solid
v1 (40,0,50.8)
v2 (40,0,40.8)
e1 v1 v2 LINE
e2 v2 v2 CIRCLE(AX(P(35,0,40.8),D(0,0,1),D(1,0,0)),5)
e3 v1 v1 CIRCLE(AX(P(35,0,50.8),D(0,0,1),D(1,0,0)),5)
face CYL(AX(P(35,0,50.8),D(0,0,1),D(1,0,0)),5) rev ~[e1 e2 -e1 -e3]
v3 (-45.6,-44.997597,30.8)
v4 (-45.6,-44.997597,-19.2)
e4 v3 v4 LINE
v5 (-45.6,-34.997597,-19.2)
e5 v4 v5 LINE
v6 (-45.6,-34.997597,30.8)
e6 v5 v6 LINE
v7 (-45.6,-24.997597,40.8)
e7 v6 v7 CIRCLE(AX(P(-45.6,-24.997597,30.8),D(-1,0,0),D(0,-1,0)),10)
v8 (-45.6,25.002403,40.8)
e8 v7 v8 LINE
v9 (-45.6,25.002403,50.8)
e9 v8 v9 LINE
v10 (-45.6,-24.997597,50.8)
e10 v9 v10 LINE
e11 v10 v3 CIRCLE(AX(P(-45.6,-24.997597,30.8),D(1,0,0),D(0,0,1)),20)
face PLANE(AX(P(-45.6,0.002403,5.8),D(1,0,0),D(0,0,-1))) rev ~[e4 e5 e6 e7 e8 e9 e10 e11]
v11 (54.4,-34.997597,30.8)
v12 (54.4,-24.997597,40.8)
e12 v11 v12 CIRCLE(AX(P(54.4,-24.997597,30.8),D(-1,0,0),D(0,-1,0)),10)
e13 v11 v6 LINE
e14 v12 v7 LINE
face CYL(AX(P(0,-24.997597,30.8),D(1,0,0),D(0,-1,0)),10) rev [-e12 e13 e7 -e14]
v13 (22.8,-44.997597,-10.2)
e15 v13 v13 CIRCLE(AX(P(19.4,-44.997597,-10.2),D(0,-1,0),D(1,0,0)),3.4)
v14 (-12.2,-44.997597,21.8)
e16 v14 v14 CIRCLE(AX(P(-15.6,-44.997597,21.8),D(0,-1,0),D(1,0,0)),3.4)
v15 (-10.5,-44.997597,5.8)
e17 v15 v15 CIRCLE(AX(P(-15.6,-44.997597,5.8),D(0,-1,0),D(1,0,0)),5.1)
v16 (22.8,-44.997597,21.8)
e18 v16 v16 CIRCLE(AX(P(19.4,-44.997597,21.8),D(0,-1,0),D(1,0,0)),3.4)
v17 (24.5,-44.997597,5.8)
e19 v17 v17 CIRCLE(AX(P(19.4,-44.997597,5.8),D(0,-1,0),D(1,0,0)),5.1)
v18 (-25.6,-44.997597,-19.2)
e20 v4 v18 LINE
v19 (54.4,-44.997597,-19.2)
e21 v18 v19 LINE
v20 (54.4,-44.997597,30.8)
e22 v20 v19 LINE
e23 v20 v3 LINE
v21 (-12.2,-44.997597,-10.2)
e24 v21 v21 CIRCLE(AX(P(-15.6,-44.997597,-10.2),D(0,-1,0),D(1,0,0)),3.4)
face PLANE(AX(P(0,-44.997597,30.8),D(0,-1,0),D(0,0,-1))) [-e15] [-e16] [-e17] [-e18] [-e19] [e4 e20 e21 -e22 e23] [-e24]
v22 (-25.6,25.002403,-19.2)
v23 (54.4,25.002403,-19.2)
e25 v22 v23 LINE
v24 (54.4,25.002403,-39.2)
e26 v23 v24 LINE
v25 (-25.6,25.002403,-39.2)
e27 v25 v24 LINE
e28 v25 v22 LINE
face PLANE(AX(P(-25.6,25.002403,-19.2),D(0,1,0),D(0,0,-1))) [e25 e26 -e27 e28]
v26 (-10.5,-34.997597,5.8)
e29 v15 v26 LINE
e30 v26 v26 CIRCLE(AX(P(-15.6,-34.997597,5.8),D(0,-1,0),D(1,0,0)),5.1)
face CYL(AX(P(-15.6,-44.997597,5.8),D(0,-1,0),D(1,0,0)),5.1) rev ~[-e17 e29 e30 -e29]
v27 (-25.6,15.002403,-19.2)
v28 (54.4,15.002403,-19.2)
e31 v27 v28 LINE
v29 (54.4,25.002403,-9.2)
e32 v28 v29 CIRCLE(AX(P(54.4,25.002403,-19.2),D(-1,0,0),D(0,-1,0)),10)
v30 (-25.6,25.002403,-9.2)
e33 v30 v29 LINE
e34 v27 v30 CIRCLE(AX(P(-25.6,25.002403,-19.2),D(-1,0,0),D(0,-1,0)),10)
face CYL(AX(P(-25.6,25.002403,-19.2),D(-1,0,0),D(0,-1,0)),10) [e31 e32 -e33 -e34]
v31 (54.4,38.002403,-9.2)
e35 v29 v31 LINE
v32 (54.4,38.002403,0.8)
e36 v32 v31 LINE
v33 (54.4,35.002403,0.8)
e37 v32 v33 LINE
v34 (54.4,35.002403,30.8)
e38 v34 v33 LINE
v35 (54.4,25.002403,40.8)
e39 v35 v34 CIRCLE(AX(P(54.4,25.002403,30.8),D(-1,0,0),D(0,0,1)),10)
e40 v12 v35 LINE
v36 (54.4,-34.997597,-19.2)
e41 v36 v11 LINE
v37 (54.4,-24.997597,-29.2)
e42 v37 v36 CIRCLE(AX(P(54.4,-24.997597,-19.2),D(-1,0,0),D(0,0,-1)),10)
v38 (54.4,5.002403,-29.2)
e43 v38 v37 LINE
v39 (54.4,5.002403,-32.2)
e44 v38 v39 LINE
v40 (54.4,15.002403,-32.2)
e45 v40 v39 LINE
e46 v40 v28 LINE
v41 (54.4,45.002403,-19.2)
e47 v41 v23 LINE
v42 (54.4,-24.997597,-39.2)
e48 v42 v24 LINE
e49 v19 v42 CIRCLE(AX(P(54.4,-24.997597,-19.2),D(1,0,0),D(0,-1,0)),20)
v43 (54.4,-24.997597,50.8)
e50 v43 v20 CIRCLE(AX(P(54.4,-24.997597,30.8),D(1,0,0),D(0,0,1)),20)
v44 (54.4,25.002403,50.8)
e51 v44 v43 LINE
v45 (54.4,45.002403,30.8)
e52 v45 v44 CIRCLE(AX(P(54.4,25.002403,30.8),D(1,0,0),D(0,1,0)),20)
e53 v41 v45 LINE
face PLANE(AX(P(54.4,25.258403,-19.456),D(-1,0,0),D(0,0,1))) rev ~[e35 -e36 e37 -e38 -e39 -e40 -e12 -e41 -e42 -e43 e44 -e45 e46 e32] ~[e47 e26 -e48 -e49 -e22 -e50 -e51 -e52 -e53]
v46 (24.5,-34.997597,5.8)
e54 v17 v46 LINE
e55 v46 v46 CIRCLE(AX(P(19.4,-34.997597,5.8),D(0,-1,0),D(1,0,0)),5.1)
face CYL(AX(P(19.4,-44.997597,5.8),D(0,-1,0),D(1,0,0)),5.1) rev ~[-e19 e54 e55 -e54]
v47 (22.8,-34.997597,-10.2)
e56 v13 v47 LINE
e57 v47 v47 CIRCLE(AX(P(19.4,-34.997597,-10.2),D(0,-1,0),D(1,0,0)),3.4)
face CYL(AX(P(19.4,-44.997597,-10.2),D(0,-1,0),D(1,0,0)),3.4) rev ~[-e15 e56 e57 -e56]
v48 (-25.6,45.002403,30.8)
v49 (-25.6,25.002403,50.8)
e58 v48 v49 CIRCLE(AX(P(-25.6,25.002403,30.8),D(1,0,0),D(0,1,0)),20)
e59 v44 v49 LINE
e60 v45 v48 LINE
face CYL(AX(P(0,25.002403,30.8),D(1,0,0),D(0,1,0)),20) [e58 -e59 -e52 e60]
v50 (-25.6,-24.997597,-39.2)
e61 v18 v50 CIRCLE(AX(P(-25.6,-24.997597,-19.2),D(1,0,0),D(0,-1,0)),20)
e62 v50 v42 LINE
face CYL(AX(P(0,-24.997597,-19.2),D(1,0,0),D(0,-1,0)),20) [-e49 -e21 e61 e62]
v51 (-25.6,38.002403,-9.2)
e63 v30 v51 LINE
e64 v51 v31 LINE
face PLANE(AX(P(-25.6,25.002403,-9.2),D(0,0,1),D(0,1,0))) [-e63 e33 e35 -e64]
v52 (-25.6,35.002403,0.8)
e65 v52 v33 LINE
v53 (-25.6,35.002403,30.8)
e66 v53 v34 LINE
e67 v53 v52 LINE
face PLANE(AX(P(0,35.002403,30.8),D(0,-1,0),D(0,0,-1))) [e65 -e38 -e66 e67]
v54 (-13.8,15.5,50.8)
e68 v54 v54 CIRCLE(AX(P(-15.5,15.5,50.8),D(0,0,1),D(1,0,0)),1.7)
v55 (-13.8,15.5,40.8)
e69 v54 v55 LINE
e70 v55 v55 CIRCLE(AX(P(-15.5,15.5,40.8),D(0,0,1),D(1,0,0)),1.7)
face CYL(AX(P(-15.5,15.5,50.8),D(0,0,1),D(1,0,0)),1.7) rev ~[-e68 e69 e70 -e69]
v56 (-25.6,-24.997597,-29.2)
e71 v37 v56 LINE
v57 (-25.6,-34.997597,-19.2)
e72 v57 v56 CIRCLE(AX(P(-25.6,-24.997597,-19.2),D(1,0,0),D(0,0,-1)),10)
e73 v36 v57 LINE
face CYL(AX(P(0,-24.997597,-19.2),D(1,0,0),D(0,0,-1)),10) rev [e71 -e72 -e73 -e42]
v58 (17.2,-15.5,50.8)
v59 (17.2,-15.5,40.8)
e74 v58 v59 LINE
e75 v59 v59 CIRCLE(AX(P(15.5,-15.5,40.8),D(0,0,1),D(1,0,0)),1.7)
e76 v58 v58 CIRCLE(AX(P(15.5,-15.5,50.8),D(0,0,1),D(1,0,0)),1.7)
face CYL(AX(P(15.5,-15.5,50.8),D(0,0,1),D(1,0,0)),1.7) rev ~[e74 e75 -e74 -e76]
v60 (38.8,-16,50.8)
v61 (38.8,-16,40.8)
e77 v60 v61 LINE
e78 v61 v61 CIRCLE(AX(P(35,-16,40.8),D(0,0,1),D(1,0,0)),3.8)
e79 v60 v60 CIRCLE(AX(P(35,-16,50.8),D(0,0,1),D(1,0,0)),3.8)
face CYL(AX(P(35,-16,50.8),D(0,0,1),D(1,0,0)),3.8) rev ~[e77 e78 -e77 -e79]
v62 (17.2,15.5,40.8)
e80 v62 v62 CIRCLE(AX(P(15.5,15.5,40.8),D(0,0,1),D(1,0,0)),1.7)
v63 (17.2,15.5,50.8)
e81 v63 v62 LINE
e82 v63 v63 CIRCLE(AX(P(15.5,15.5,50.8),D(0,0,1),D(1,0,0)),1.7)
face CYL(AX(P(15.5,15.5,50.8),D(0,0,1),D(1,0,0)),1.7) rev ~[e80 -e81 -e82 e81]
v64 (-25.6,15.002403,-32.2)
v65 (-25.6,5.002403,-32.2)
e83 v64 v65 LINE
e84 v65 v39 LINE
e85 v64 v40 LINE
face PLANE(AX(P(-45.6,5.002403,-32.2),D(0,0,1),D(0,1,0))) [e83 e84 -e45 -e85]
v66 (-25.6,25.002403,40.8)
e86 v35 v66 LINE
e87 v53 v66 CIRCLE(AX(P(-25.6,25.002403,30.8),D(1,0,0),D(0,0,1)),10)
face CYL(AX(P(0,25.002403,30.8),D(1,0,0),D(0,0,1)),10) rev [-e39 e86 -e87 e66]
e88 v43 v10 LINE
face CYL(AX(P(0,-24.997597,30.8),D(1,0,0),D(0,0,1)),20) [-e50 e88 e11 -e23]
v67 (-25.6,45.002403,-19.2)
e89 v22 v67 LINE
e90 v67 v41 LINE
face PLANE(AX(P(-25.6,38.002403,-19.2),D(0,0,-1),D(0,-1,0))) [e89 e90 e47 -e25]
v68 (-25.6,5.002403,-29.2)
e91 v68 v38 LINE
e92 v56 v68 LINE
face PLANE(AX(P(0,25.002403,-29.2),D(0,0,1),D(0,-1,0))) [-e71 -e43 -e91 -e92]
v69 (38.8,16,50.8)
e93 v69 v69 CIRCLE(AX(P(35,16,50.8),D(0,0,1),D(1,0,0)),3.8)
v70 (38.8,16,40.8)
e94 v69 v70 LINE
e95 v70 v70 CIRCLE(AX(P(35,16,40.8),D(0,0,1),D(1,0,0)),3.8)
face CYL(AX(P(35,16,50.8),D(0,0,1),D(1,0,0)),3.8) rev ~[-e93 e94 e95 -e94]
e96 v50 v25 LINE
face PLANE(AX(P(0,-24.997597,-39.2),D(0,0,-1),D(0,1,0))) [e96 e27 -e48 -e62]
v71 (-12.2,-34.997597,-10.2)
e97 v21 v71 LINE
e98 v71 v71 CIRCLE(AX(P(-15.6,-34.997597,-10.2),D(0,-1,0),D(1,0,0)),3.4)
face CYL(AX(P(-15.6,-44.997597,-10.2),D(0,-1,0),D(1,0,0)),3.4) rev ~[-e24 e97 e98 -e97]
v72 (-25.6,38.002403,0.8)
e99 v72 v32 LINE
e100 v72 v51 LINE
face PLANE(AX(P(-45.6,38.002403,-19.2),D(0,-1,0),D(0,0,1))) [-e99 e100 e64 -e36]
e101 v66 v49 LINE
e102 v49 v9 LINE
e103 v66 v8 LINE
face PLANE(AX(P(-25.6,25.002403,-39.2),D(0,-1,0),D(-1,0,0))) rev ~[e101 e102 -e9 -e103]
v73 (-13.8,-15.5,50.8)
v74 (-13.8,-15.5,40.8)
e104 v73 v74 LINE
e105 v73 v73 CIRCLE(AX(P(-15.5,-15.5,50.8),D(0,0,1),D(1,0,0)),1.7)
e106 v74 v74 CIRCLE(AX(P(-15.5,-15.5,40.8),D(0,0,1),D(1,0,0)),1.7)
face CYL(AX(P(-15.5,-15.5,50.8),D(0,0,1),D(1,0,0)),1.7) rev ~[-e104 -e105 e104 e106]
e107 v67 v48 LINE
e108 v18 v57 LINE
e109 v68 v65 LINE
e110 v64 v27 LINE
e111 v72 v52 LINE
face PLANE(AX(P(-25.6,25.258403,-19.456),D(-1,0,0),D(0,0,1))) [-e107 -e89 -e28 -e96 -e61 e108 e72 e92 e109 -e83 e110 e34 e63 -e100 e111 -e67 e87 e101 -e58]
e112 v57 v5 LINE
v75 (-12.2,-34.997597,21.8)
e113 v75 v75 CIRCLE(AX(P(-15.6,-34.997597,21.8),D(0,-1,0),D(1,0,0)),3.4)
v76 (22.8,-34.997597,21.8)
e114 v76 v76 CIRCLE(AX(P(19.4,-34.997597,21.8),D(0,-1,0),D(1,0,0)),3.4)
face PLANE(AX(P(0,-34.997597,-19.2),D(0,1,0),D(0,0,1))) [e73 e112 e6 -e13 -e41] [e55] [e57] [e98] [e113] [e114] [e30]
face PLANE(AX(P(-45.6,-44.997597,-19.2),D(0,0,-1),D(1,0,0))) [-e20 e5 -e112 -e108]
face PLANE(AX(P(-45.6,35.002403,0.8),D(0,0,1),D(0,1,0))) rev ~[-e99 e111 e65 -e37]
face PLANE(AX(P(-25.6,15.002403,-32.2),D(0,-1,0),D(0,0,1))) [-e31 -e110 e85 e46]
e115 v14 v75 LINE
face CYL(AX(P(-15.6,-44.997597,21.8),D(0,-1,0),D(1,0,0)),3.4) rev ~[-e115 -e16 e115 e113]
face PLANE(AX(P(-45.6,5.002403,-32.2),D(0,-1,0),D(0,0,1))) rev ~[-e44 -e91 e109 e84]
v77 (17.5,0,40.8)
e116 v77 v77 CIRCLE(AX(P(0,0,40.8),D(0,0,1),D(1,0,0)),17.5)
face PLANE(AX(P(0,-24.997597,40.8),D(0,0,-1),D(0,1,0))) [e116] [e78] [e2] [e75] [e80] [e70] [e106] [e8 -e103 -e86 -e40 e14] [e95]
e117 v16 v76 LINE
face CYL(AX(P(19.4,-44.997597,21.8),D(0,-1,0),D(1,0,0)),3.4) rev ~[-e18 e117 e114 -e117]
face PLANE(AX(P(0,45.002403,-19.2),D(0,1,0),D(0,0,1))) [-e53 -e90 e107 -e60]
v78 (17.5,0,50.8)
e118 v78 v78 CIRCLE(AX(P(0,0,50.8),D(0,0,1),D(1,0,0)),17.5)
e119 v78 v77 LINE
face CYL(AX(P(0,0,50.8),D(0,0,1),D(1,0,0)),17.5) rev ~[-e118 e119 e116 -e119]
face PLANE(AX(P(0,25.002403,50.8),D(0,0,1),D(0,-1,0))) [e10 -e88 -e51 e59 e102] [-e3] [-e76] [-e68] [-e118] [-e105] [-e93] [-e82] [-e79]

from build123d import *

# Parameters (mm, degrees)
BOSS_EXTRUDE1_DEPTH      = 54.4
BOSS_EXTRUDE1_DEPTH_BACK = 45.6
CUT_EXTRUDE1_REACH       = 92
SKETCH3_R                = 3.8
SKETCH3_R_2              = 5
SKETCH3_R_3              = 17.5
SKETCH3_R_4              = 1.7
CUT_EXTRUDE2_REACH       = 92
SKETCH4_R                = 5.1
SKETCH4_R_2              = 5.099999999
SKETCH4_R_3              = 3.4
SKETCH6_W                = 20
SKETCH6_H                = 20
CUT_EXTRUDE4_DEPTH       = 91
SKETCH7_W                = 20
SKETCH7_H                = 20
CUT_EXTRUDE5_DEPTH       = 91
SKETCH5_W                = 3
SKETCH5_H                = 20
SKETCH5_W_2              = 20
SKETCH5_H_2              = 3
CUT_EXTRUDE3_DEPTH       = 101
BOSS_EXTRUDE2_DEPTH      = 80


with BuildPart() as part:
    # Sketch2 → Boss-Extrude1 (new body, two sides)
    with BuildSketch(Plane(origin=(0, 0, 0), x_dir=(0, 0, -1), z_dir=(1, 0, 0))) as boss_extrude1_sk:
        with BuildLine():
            Line((-30.8, -44.997596663), (19.2, -44.997596663))
            ThreePointArc((19.2, -44.997596663), (33.342135624, -39.139732287), (39.2, -24.997596663))
            Line((39.2, -24.997596663), (39.2, 25.002403337))
            ThreePointArc((39.2, 25.002403337), (33.342135624, 39.144538961), (19.2, 45.002403337))
            Line((19.2, 45.002403337), (-30.8, 45.002403337))
            ThreePointArc((-30.8, 45.002403337), (-44.942135624, 39.144538961), (-50.8, 25.002403337))
            Line((-50.8, 25.002403337), (-50.8, -24.997596663))
            ThreePointArc((-50.8, -24.997596663), (-44.942135624, -39.139732287), (-30.8, -44.997596663))
        make_face()
        with BuildLine():
            Line((-30.8, 35.002403337), (19.2, 35.002403337))
            ThreePointArc((19.2, 35.002403337), (26.271067812, 32.073471149), (29.2, 25.002403337))
            Line((29.2, 25.002403337), (29.2, -24.997596663))
            ThreePointArc((29.2, -24.997596663), (26.271067812, -32.068664475), (19.2, -34.997596663))
            Line((19.2, -34.997596663), (-30.8, -34.997596663))
            ThreePointArc((-30.8, -34.997596663), (-37.871067812, -32.068664475), (-40.8, -24.997596663))
            Line((-40.8, -24.997596663), (-40.8, 25.002403337))
            ThreePointArc((-40.8, 25.002403337), (-37.871067812, 32.073471149), (-30.8, 35.002403337))
        make_face(mode=Mode.SUBTRACT)
    extrude(amount=BOSS_EXTRUDE1_DEPTH)
    extrude(boss_extrude1_sk.sketch, amount=-BOSS_EXTRUDE1_DEPTH_BACK)

    # Sketch3 → Cut-Extrude1 (cut, up to next)
    with BuildSketch(Plane.XY.offset(50.8), mode=Mode.PRIVATE) as cut_extrude1_sk1:
        with Locations((35, -16)):
            Circle(SKETCH3_R)
    cut_extrude1_tool1 = extrude(cut_extrude1_sk1.sketch, amount=-CUT_EXTRUDE1_REACH, mode=Mode.PRIVATE) & part.part
    add(cut_extrude1_tool1.solids().sort_by_distance((35, -16, 50.8))[0], mode=Mode.SUBTRACT)
    # Sketch3 → Cut-Extrude1 (cut, up to next)
    with BuildSketch(Plane.XY.offset(50.8), mode=Mode.PRIVATE) as cut_extrude1_sk2:
        with Locations((35, 0)):
            Circle(SKETCH3_R_2)
    cut_extrude1_tool2 = extrude(cut_extrude1_sk2.sketch, amount=-CUT_EXTRUDE1_REACH, mode=Mode.PRIVATE) & part.part
    add(cut_extrude1_tool2.solids().sort_by_distance((35, 0, 50.8))[0], mode=Mode.SUBTRACT)
    # Sketch3 → Cut-Extrude1 (cut, up to next)
    with BuildSketch(Plane.XY.offset(50.8), mode=Mode.PRIVATE) as cut_extrude1_sk3:
        with Locations((35, 16)):
            Circle(SKETCH3_R)
    cut_extrude1_tool3 = extrude(cut_extrude1_sk3.sketch, amount=-CUT_EXTRUDE1_REACH, mode=Mode.PRIVATE) & part.part
    add(cut_extrude1_tool3.solids().sort_by_distance((35, 16, 50.8))[0], mode=Mode.SUBTRACT)
    # Sketch3 → Cut-Extrude1 (cut, up to next)
    with BuildSketch(Plane.XY.offset(50.8), mode=Mode.PRIVATE) as cut_extrude1_sk4:
        Circle(SKETCH3_R_3)
    cut_extrude1_tool4 = extrude(cut_extrude1_sk4.sketch, amount=-CUT_EXTRUDE1_REACH, mode=Mode.PRIVATE) & part.part
    add(cut_extrude1_tool4.solids().sort_by_distance((0, 0, 50.8))[0], mode=Mode.SUBTRACT)
    # Sketch3 → Cut-Extrude1 (cut, up to next)
    with BuildSketch(Plane.XY.offset(50.8), mode=Mode.PRIVATE) as cut_extrude1_sk5:
        with Locations((15.5, 15.5)):
            Circle(SKETCH3_R_4)
    cut_extrude1_tool5 = extrude(cut_extrude1_sk5.sketch, amount=-CUT_EXTRUDE1_REACH, mode=Mode.PRIVATE) & part.part
    add(cut_extrude1_tool5.solids().sort_by_distance((15.5, 15.5, 50.8))[0], mode=Mode.SUBTRACT)
    # Sketch3 → Cut-Extrude1 (cut, up to next)
    with BuildSketch(Plane.XY.offset(50.8), mode=Mode.PRIVATE) as cut_extrude1_sk6:
        with Locations((15.5, -15.5)):
            Circle(SKETCH3_R_4)
    cut_extrude1_tool6 = extrude(cut_extrude1_sk6.sketch, amount=-CUT_EXTRUDE1_REACH, mode=Mode.PRIVATE) & part.part
    add(cut_extrude1_tool6.solids().sort_by_distance((15.5, -15.5, 50.8))[0], mode=Mode.SUBTRACT)
    # Sketch3 → Cut-Extrude1 (cut, up to next)
    with BuildSketch(Plane.XY.offset(50.8), mode=Mode.PRIVATE) as cut_extrude1_sk7:
        with Locations((-15.5, 15.5)):
            Circle(SKETCH3_R_4)
    cut_extrude1_tool7 = extrude(cut_extrude1_sk7.sketch, amount=-CUT_EXTRUDE1_REACH, mode=Mode.PRIVATE) & part.part
    add(cut_extrude1_tool7.solids().sort_by_distance((-15.5, 15.5, 50.8))[0], mode=Mode.SUBTRACT)
    # Sketch3 → Cut-Extrude1 (cut, up to next)
    with BuildSketch(Plane.XY.offset(50.8), mode=Mode.PRIVATE) as cut_extrude1_sk8:
        with Locations((-15.5, -15.5)):
            Circle(SKETCH3_R_4)
    cut_extrude1_tool8 = extrude(cut_extrude1_sk8.sketch, amount=-CUT_EXTRUDE1_REACH, mode=Mode.PRIVATE) & part.part
    add(cut_extrude1_tool8.solids().sort_by_distance((-15.5, -15.5, 50.8))[0], mode=Mode.SUBTRACT)

    # Sketch4 → Cut-Extrude2 (cut, up to next)
    with BuildSketch(Plane.XZ.offset(44.997596663), mode=Mode.PRIVATE) as cut_extrude2_sk1:
        with Locations((-15.6, 5.8)):
            Circle(SKETCH4_R)
    cut_extrude2_tool1 = extrude(cut_extrude2_sk1.sketch, amount=-CUT_EXTRUDE2_REACH, mode=Mode.PRIVATE) & part.part
    add(cut_extrude2_tool1.solids().sort_by_distance((-15.6, -44.997597, 5.8))[0], mode=Mode.SUBTRACT)
    # Sketch4 → Cut-Extrude2 (cut, up to next)
    with BuildSketch(Plane.XZ.offset(44.997596663), mode=Mode.PRIVATE) as cut_extrude2_sk2:
        with Locations((19.4, 5.8)):
            Circle(SKETCH4_R_2)
    cut_extrude2_tool2 = extrude(cut_extrude2_sk2.sketch, amount=-CUT_EXTRUDE2_REACH, mode=Mode.PRIVATE) & part.part
    add(cut_extrude2_tool2.solids().sort_by_distance((19.4, -44.997597, 5.8))[0], mode=Mode.SUBTRACT)
    # Sketch4 → Cut-Extrude2 (cut, up to next)
    with BuildSketch(Plane.XZ.offset(44.997596663), mode=Mode.PRIVATE) as cut_extrude2_sk3:
        with Locations((-15.6, 21.8)):
            Circle(SKETCH4_R_3)
    cut_extrude2_tool3 = extrude(cut_extrude2_sk3.sketch, amount=-CUT_EXTRUDE2_REACH, mode=Mode.PRIVATE) & part.part
    add(cut_extrude2_tool3.solids().sort_by_distance((-15.6, -44.997597, 21.8))[0], mode=Mode.SUBTRACT)
    # Sketch4 → Cut-Extrude2 (cut, up to next)
    with BuildSketch(Plane.XZ.offset(44.997596663), mode=Mode.PRIVATE) as cut_extrude2_sk4:
        with Locations((-15.6, -10.2)):
            Circle(SKETCH4_R_3)
    cut_extrude2_tool4 = extrude(cut_extrude2_sk4.sketch, amount=-CUT_EXTRUDE2_REACH, mode=Mode.PRIVATE) & part.part
    add(cut_extrude2_tool4.solids().sort_by_distance((-15.6, -44.997597, -10.2))[0], mode=Mode.SUBTRACT)
    # Sketch4 → Cut-Extrude2 (cut, up to next)
    with BuildSketch(Plane.XZ.offset(44.997596663), mode=Mode.PRIVATE) as cut_extrude2_sk5:
        with Locations((19.4, 21.8)):
            Circle(SKETCH4_R_3)
    cut_extrude2_tool5 = extrude(cut_extrude2_sk5.sketch, amount=-CUT_EXTRUDE2_REACH, mode=Mode.PRIVATE) & part.part
    add(cut_extrude2_tool5.solids().sort_by_distance((19.4, -44.997597, 21.8))[0], mode=Mode.SUBTRACT)
    # Sketch4 → Cut-Extrude2 (cut, up to next)
    with BuildSketch(Plane.XZ.offset(44.997596663), mode=Mode.PRIVATE) as cut_extrude2_sk6:
        with Locations((19.4, -10.2)):
            Circle(SKETCH4_R_3)
    cut_extrude2_tool6 = extrude(cut_extrude2_sk6.sketch, amount=-CUT_EXTRUDE2_REACH, mode=Mode.PRIVATE) & part.part
    add(cut_extrude2_tool6.solids().sort_by_distance((19.4, -44.997597, -10.2))[0], mode=Mode.SUBTRACT)

    # Sketch6 → Cut-Extrude4 (cut, through all)
    with BuildSketch(Plane(origin=(0, 0, -39.2), x_dir=(-1, 0, 0), z_dir=(0, 0, -1))):
        with Locations((35.6, 35.002403337)):
            Rectangle(SKETCH6_W, SKETCH6_H)
    extrude(amount=-CUT_EXTRUDE4_DEPTH, mode=Mode.SUBTRACT)

    # Sketch7 → Cut-Extrude5 (cut, through all)
    with BuildSketch(Plane.XZ.offset(44.997596663)):
        with Locations((-35.6, -29.2)):
            Rectangle(SKETCH7_W, SKETCH7_H)
    extrude(amount=-CUT_EXTRUDE5_DEPTH, mode=Mode.SUBTRACT)

    # Sketch5 → Cut-Extrude3 (cut, through all)
    with BuildSketch(Plane.ZY.offset(45.6)):
        Polygon((-29.2, 25.002403337), (-19.2, 25.002403337), (-19.2, 35.002403337), (-19.2, 38.002403337), (-19.2, 45.002403337), (-39.2, 45.002403337), (-39.2, 25.002403337), (-32.2, 25.002403337), align=None)
        with Locations((-30.7, 15.002403337)):
            Rectangle(SKETCH5_W, SKETCH5_H)
        with Locations((-9.2, 36.502403337)):
            Rectangle(SKETCH5_W_2, SKETCH5_H_2)
    extrude(amount=-CUT_EXTRUDE3_DEPTH, mode=Mode.SUBTRACT)

    # Sketch8 → Boss-Extrude2 (add)
    with BuildSketch(Plane.ZY.offset(25.6)):
        with BuildLine():
            Line((-19.2, 38.002403337), (-19.2, 25.002403337))
            Line((-19.2, 25.002403337), (-32.2, 25.002403337))
            Line((-32.2, 25.002403337), (-32.2, 15.002403337))
            Line((-32.2, 15.002403337), (-19.2, 15.002403337))
            ThreePointArc((-19.2, 15.002403337), (-12.128932188, 17.931335525), (-9.2, 25.002403337))
            Line((-9.2, 25.002403337), (-9.2, 38.002403337))
            Line((-9.2, 38.002403337), (-19.2, 38.002403337))
        make_face()
    extrude(amount=-BOSS_EXTRUDE2_DEPTH)


solid = part.part
